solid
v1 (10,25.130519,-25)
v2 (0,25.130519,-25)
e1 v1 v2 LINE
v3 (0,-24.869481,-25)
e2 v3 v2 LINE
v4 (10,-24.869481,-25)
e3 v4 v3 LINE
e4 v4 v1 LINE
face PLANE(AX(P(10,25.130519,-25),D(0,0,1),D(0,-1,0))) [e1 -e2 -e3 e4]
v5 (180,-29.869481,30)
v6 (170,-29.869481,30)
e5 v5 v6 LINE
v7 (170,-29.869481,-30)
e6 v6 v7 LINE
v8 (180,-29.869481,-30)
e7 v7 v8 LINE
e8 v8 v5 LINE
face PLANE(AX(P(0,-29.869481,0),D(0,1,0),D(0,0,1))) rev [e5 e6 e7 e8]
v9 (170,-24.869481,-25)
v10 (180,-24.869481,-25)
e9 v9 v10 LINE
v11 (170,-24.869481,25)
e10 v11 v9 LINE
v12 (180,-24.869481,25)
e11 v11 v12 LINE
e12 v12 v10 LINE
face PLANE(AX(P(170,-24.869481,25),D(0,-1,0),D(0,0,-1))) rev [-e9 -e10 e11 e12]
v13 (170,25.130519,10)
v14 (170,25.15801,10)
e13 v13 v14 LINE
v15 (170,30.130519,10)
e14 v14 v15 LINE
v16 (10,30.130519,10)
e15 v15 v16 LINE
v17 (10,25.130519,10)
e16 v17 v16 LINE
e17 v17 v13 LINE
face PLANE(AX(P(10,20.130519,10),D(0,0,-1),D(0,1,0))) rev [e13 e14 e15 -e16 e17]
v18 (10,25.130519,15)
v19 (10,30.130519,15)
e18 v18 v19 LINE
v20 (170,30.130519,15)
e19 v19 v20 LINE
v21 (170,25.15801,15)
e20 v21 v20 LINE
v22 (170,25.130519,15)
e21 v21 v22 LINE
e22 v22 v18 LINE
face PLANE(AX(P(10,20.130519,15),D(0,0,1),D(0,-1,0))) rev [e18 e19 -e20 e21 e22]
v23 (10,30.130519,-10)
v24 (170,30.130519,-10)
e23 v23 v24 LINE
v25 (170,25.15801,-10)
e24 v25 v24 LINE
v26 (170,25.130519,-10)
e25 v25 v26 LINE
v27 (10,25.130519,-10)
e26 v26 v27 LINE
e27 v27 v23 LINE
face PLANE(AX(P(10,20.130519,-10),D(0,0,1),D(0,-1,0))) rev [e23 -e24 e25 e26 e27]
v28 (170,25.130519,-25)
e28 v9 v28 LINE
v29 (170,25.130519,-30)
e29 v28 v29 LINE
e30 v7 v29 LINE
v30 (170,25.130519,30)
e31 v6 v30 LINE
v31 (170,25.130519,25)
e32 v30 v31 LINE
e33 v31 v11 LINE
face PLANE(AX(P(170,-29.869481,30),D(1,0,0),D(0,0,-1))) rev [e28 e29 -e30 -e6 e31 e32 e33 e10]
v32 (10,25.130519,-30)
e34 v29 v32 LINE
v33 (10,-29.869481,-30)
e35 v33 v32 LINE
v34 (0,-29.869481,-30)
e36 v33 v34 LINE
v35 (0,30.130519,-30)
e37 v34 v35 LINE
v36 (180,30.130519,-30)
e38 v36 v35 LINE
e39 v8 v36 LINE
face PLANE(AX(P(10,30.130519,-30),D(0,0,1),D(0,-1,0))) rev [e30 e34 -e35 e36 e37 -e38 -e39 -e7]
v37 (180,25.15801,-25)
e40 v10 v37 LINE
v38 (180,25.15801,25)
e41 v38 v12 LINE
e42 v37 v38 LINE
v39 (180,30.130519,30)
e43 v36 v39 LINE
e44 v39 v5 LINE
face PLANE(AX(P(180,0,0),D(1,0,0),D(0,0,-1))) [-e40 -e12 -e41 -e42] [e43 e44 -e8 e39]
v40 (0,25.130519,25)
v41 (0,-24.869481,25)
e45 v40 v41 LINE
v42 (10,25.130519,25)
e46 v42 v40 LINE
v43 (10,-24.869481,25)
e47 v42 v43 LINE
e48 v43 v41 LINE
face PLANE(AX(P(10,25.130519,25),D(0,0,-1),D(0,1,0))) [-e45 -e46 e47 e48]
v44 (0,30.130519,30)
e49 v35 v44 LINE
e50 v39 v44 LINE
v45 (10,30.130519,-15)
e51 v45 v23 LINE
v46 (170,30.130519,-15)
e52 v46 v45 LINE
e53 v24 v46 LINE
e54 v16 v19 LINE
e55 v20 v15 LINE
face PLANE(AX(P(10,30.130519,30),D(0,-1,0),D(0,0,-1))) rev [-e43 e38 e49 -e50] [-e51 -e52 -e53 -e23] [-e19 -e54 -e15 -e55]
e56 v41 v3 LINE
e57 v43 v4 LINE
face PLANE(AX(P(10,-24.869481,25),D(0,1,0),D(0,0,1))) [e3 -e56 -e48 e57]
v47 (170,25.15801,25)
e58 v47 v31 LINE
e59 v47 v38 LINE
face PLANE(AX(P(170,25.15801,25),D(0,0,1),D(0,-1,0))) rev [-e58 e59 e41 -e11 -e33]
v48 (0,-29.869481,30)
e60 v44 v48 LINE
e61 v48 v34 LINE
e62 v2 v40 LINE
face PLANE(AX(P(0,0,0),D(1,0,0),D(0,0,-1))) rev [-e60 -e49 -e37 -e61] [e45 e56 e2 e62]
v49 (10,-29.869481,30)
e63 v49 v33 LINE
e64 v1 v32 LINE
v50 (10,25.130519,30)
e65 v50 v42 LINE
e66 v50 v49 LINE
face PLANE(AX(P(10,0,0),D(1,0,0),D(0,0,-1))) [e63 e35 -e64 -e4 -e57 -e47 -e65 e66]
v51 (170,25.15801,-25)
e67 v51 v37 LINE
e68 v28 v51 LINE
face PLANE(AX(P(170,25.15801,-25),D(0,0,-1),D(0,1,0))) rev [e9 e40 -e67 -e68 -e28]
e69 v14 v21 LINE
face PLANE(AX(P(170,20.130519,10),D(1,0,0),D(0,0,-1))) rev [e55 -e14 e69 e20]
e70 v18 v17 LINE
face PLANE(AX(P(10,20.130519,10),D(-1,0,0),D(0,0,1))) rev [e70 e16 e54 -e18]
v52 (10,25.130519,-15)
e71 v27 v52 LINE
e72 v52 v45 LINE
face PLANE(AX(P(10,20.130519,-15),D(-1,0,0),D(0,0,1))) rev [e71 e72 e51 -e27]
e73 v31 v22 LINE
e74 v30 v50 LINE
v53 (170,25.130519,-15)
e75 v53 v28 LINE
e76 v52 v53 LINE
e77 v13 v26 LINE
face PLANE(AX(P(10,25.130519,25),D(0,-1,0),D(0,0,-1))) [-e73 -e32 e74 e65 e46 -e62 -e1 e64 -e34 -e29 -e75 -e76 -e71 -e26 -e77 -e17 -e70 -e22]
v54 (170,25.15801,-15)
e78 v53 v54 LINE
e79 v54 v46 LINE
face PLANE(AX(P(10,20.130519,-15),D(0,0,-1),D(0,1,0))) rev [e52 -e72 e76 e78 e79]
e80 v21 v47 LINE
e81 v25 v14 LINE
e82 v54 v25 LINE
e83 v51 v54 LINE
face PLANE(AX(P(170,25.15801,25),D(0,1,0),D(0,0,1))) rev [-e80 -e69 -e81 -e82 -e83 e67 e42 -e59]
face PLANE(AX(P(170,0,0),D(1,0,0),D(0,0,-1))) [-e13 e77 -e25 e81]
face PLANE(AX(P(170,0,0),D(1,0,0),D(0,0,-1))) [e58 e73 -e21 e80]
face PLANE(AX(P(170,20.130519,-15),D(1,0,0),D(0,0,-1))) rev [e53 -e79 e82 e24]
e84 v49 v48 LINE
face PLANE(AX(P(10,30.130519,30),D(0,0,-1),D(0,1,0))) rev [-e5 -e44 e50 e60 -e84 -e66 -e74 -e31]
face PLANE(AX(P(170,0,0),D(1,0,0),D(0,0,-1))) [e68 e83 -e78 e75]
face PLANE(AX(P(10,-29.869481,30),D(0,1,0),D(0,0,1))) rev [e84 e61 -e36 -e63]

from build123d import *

# Parameters (mm, degrees)
CROQUIS2_W              = 60
CROQUIS2_H              = 60
CROQUIS2_W_2            = 50
CROQUIS2_H_2            = 50
SALIENTE_EXTRUIR1_DEPTH = 10
CROQUIS3_W              = 60
CROQUIS3_H              = 5
SALIENTE_EXTRUIR2_DEPTH = 170
CROQUIS5_W              = 10
CROQUIS5_H              = 60
SALIENTE_EXTRUIR3_DEPTH = 55
CROQUIS7_W              = 50
CROQUIS7_H              = 50.027491106
CORTAR_EXTRUIR1_DEPTH   = 10
CROQUIS8_W              = 160
CROQUIS8_H              = 5
CORTAR_EXTRUIR2_DEPTH   = 10


with BuildPart() as part:
    # Croquis2 → Saliente-Extruir1 (new body)
    with BuildSketch(Plane(origin=(0, 0, 0), x_dir=(0, 0, -1), z_dir=(1, 0, 0))):
        with Locations((0, 0.130518683)):
            Rectangle(CROQUIS2_W, CROQUIS2_H)
        with Locations((0, 0.130518683)):
            Rectangle(CROQUIS2_W_2, CROQUIS2_H_2, mode=Mode.SUBTRACT)
    extrude(amount=SALIENTE_EXTRUIR1_DEPTH)

    # Croquis3 → Saliente-Extruir2 (add)
    with BuildSketch(Plane(origin=(10, 0, 0), x_dir=(0, 0, -1), z_dir=(1, 0, 0))):
        with Locations((0, 27.630518683)):
            Rectangle(CROQUIS3_W, CROQUIS3_H)
    extrude(amount=SALIENTE_EXTRUIR2_DEPTH)

    # Croquis5 → Saliente-Extruir3 (add)
    with BuildSketch(Plane.XZ.offset(-25.130518683)):
        with Locations((175, 0)):
            Rectangle(CROQUIS5_W, CROQUIS5_H)
    extrude(amount=SALIENTE_EXTRUIR3_DEPTH)

    # Croquis7 → Cortar-Extruir1 (cut)
    with BuildSketch(Plane(origin=(180, 0, 0), x_dir=(0, 0, -1), z_dir=(1, 0, 0))):
        with Locations((0, 0.144264236)):
            Rectangle(CROQUIS7_W, CROQUIS7_H)
    extrude(amount=-CORTAR_EXTRUIR1_DEPTH, mode=Mode.SUBTRACT)

    # Croquis8 → Cortar-Extruir2 (cut)
    with BuildSketch(Plane(origin=(0, 30.130518683, 0), x_dir=(1, 0, 0), z_dir=(0, 1, 0))):
        with Locations((90, 12.5)):
            Rectangle(CROQUIS8_W, CROQUIS8_H)
        with Locations((90, -12.5)):
            Rectangle(CROQUIS8_W, CROQUIS8_H)
    extrude(amount=-CORTAR_EXTRUIR2_DEPTH, mode=Mode.SUBTRACT)


solid = part.part
